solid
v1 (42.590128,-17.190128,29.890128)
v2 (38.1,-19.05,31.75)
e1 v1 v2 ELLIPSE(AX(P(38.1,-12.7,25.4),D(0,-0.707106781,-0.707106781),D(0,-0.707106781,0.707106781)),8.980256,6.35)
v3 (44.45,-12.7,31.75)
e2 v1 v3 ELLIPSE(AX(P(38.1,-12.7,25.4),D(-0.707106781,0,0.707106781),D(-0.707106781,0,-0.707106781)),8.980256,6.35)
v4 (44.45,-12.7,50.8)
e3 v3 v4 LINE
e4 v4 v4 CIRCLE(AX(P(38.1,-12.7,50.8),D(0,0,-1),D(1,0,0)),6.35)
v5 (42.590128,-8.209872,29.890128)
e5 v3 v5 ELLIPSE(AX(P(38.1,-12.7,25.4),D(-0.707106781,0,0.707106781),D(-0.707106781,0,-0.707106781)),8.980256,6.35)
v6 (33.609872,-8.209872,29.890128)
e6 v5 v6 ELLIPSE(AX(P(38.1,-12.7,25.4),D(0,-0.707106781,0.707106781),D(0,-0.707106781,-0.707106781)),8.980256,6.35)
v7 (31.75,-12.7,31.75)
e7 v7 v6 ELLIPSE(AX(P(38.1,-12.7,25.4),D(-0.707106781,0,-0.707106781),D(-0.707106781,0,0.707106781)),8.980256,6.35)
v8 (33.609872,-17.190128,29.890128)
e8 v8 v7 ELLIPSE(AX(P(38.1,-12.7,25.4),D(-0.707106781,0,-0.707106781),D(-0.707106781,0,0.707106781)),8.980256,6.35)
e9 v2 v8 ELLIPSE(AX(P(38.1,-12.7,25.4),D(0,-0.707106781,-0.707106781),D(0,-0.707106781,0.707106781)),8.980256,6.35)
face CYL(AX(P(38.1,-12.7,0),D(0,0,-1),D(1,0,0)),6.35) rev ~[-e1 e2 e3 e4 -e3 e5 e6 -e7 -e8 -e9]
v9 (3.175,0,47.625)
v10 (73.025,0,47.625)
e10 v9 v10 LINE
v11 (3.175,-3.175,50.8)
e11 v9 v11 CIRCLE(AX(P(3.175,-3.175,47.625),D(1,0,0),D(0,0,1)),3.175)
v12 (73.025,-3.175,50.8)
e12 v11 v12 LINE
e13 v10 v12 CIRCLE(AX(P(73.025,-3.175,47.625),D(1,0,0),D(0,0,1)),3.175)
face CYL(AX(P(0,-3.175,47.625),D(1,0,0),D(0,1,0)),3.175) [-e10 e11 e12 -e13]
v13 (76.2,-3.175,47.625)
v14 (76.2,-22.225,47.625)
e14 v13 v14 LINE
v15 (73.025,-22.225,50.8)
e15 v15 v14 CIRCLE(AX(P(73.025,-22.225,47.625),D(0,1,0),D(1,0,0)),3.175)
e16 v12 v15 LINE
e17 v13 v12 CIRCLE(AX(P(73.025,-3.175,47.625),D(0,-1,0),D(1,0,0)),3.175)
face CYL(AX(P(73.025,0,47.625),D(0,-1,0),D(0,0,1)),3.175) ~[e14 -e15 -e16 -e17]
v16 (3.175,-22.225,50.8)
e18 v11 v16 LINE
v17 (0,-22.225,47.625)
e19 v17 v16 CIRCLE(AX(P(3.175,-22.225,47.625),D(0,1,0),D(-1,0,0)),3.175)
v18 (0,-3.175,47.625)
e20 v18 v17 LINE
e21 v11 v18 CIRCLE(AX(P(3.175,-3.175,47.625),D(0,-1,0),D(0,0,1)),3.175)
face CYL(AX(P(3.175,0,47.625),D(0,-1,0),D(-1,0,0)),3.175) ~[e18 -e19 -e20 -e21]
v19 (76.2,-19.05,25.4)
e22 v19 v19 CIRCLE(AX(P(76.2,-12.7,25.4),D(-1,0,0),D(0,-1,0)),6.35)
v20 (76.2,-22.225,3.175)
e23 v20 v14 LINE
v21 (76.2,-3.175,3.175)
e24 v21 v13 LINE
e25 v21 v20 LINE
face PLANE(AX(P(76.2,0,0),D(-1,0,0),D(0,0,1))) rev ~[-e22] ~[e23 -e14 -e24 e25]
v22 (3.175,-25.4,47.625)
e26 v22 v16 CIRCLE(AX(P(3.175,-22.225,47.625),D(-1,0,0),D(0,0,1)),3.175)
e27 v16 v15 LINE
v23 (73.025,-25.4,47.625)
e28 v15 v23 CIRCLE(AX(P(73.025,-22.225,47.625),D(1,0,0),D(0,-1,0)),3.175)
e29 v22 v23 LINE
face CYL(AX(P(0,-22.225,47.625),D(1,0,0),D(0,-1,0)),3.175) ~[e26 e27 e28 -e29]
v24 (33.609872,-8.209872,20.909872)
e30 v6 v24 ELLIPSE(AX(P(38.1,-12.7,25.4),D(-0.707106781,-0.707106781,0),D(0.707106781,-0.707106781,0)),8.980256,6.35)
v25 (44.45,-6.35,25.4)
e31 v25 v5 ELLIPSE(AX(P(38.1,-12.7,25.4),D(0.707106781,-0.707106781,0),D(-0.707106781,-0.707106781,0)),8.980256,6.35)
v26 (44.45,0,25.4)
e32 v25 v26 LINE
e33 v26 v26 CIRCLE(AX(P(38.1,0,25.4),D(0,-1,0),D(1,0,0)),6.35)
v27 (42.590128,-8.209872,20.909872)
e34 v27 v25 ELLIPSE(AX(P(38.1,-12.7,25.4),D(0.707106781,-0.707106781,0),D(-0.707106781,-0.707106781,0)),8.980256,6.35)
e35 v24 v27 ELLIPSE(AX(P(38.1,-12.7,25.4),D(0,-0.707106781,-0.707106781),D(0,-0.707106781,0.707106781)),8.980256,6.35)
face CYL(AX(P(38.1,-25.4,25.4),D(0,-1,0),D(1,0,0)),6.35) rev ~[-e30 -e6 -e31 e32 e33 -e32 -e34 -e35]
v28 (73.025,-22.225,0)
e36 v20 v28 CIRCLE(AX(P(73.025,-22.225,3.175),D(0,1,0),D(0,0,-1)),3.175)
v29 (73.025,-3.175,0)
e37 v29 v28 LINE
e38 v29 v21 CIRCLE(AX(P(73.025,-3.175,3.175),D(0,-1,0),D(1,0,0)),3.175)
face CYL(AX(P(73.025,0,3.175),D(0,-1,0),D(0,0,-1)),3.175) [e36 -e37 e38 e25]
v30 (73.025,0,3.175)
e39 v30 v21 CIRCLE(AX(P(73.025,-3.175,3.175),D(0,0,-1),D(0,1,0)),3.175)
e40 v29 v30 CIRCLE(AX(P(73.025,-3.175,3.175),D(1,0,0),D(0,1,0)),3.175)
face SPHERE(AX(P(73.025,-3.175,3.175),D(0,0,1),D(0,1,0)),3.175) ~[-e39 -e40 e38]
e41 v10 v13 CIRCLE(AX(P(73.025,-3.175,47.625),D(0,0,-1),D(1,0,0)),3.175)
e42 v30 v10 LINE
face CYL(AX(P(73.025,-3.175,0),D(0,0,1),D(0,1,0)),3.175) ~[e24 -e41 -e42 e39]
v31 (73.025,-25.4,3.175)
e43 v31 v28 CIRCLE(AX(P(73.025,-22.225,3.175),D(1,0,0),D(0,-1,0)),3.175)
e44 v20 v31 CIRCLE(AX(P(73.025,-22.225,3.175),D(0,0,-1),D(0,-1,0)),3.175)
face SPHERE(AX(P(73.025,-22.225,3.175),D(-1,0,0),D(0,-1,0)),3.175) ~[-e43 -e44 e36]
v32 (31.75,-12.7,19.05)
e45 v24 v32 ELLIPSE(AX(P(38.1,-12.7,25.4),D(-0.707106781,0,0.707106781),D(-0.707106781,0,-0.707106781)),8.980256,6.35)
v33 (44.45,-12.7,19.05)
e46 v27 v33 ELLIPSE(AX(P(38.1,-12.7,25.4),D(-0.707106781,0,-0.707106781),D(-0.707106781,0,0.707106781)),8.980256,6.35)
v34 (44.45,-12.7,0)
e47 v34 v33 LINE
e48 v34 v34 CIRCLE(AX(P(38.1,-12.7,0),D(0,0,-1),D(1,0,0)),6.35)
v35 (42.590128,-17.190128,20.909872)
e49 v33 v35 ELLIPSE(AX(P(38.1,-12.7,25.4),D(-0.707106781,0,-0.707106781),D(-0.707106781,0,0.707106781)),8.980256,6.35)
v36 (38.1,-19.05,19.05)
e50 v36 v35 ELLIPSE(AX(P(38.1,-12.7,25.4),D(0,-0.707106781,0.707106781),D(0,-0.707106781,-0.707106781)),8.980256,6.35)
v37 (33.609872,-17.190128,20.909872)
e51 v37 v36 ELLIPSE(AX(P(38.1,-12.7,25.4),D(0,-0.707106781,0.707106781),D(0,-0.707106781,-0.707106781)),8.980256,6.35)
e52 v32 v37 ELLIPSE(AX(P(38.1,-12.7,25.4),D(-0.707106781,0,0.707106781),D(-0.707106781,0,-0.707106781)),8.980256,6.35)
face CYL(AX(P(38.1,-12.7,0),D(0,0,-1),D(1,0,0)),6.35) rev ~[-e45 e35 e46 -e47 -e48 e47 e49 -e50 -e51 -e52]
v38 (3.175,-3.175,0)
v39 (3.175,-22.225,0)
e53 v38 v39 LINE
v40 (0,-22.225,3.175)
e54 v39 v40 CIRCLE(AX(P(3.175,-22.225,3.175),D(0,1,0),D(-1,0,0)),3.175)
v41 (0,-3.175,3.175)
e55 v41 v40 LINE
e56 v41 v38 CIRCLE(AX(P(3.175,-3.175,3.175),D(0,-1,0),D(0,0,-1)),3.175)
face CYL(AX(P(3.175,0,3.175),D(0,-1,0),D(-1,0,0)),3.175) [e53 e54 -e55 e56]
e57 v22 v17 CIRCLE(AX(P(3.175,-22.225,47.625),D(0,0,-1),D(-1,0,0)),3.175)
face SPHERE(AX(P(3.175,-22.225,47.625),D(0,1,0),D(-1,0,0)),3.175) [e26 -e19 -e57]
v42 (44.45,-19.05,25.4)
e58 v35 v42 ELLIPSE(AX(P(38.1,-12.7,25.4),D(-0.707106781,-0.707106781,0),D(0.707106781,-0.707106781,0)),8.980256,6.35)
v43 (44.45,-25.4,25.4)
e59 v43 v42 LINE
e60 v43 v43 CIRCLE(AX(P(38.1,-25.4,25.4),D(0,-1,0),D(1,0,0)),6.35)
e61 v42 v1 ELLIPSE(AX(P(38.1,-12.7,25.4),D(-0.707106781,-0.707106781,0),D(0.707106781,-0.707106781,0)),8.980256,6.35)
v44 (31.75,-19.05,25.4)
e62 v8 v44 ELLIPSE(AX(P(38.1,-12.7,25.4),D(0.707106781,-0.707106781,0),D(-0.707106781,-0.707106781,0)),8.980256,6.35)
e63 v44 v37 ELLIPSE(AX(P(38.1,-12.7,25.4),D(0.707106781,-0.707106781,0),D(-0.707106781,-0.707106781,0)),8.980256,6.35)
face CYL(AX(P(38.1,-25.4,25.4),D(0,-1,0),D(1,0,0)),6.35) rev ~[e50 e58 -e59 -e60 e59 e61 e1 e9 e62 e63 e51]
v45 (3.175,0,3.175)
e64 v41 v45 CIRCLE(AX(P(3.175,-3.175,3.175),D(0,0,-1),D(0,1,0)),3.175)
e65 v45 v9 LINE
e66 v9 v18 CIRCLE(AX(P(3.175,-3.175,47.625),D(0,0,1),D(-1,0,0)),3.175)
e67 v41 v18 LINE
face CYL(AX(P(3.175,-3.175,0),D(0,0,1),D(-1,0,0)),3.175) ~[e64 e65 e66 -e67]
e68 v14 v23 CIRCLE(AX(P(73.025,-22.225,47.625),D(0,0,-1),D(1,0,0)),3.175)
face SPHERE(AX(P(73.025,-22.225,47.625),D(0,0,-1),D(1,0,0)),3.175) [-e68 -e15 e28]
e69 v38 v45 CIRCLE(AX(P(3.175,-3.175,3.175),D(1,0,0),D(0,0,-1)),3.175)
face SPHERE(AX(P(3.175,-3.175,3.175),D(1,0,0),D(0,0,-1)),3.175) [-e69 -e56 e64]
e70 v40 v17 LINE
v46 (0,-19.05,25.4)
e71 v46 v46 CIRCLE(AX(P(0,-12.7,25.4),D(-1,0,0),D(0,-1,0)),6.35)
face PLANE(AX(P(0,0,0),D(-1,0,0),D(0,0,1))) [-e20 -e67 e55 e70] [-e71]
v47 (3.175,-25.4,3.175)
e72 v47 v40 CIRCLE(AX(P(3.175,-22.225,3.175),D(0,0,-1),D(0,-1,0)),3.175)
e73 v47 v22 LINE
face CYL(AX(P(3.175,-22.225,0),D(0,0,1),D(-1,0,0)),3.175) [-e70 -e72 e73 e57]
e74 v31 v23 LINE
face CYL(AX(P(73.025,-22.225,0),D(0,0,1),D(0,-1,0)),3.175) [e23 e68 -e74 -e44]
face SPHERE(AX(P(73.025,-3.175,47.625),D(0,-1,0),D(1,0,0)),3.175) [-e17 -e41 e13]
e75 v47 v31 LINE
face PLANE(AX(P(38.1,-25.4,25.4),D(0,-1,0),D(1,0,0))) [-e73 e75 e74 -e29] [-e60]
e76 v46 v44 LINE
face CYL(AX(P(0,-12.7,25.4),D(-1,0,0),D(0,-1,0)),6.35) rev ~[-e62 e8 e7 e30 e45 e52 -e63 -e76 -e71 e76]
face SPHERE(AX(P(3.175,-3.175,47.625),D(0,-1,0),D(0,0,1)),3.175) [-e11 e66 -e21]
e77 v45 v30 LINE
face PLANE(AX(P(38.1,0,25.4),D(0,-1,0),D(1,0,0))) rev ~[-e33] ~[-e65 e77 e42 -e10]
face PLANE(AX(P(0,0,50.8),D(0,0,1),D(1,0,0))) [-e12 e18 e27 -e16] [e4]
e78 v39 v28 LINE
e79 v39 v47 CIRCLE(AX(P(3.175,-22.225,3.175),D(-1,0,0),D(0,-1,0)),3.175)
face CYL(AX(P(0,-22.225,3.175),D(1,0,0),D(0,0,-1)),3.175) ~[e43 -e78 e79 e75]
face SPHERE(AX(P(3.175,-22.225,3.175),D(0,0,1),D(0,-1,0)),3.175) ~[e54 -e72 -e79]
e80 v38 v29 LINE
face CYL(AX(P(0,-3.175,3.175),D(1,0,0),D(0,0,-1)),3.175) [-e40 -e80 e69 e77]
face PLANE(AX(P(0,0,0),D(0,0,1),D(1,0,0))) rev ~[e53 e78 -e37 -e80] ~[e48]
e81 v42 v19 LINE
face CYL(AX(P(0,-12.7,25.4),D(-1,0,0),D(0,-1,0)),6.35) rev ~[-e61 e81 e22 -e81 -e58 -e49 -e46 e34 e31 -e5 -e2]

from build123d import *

# Parameters (mm, degrees)
F0_W     = 76.2
F0_H     = 50.8
F1_DEPTH = 25.4
F2_R     = 6.35
F3_DEPTH = 25.401
F4_R     = 6.35
F5_DEPTH = 76.201
F6_R     = 6.35
F7_DEPTH = 50.801
F8_R     = 3.175


with BuildPart() as f1:
    # F0 (on Front) → F1 (new body)
    with BuildSketch(Plane.XZ):
        with Locations((38.1, 25.4)):
            Rectangle(F0_W, F0_H)
    extrude(amount=F1_DEPTH)

    # F2 (on face) → F3 (cut, through all)
    with BuildSketch(Plane.XZ.offset(25.4)):
        with Locations((38.1, 25.4)):
            Circle(F2_R)
    extrude(amount=-F3_DEPTH, mode=Mode.SUBTRACT)

    # F4 (on face) → F5 (cut, through all)
    with BuildSketch(Plane(origin=(0, 0, 0), x_dir=(0, -1, 0), z_dir=(-1, 0, 0))):
        with Locations((12.7, 25.4)):
            Circle(F4_R)
    extrude(amount=-F5_DEPTH, mode=Mode.SUBTRACT)

    # F6 (on face) → F7 (cut, through all)
    with BuildSketch(Plane(origin=(0, 0, 0), x_dir=(1, 0, 0), z_dir=(0, 0, -1))):
        with Locations((38.1, 12.7)):
            Circle(F6_R)
    extrude(amount=-F7_DEPTH, mode=Mode.SUBTRACT)

    # F8
    f8_edges = [f1.edges().sort_by_distance(p)[0] for p in [
        (0, -12.7, 50.8),
        (0, -25.4, 25.4),
        (38.1, -25.4, 0),
        (76.2, -25.4, 25.4),
        (76.2, -12.7, 50.8),
        (76.2, 0, 25.4),
        (38.1, -25.4, 50.8),
        (38.1, 0, 50.8),
        (38.1, 0, 0),
        (0, -12.7, 0),
        (0, 0, 25.4),
        (76.2, -12.7, 0),
    ]]
    fillet(f8_edges, radius=F8_R)


solid = f1.part
